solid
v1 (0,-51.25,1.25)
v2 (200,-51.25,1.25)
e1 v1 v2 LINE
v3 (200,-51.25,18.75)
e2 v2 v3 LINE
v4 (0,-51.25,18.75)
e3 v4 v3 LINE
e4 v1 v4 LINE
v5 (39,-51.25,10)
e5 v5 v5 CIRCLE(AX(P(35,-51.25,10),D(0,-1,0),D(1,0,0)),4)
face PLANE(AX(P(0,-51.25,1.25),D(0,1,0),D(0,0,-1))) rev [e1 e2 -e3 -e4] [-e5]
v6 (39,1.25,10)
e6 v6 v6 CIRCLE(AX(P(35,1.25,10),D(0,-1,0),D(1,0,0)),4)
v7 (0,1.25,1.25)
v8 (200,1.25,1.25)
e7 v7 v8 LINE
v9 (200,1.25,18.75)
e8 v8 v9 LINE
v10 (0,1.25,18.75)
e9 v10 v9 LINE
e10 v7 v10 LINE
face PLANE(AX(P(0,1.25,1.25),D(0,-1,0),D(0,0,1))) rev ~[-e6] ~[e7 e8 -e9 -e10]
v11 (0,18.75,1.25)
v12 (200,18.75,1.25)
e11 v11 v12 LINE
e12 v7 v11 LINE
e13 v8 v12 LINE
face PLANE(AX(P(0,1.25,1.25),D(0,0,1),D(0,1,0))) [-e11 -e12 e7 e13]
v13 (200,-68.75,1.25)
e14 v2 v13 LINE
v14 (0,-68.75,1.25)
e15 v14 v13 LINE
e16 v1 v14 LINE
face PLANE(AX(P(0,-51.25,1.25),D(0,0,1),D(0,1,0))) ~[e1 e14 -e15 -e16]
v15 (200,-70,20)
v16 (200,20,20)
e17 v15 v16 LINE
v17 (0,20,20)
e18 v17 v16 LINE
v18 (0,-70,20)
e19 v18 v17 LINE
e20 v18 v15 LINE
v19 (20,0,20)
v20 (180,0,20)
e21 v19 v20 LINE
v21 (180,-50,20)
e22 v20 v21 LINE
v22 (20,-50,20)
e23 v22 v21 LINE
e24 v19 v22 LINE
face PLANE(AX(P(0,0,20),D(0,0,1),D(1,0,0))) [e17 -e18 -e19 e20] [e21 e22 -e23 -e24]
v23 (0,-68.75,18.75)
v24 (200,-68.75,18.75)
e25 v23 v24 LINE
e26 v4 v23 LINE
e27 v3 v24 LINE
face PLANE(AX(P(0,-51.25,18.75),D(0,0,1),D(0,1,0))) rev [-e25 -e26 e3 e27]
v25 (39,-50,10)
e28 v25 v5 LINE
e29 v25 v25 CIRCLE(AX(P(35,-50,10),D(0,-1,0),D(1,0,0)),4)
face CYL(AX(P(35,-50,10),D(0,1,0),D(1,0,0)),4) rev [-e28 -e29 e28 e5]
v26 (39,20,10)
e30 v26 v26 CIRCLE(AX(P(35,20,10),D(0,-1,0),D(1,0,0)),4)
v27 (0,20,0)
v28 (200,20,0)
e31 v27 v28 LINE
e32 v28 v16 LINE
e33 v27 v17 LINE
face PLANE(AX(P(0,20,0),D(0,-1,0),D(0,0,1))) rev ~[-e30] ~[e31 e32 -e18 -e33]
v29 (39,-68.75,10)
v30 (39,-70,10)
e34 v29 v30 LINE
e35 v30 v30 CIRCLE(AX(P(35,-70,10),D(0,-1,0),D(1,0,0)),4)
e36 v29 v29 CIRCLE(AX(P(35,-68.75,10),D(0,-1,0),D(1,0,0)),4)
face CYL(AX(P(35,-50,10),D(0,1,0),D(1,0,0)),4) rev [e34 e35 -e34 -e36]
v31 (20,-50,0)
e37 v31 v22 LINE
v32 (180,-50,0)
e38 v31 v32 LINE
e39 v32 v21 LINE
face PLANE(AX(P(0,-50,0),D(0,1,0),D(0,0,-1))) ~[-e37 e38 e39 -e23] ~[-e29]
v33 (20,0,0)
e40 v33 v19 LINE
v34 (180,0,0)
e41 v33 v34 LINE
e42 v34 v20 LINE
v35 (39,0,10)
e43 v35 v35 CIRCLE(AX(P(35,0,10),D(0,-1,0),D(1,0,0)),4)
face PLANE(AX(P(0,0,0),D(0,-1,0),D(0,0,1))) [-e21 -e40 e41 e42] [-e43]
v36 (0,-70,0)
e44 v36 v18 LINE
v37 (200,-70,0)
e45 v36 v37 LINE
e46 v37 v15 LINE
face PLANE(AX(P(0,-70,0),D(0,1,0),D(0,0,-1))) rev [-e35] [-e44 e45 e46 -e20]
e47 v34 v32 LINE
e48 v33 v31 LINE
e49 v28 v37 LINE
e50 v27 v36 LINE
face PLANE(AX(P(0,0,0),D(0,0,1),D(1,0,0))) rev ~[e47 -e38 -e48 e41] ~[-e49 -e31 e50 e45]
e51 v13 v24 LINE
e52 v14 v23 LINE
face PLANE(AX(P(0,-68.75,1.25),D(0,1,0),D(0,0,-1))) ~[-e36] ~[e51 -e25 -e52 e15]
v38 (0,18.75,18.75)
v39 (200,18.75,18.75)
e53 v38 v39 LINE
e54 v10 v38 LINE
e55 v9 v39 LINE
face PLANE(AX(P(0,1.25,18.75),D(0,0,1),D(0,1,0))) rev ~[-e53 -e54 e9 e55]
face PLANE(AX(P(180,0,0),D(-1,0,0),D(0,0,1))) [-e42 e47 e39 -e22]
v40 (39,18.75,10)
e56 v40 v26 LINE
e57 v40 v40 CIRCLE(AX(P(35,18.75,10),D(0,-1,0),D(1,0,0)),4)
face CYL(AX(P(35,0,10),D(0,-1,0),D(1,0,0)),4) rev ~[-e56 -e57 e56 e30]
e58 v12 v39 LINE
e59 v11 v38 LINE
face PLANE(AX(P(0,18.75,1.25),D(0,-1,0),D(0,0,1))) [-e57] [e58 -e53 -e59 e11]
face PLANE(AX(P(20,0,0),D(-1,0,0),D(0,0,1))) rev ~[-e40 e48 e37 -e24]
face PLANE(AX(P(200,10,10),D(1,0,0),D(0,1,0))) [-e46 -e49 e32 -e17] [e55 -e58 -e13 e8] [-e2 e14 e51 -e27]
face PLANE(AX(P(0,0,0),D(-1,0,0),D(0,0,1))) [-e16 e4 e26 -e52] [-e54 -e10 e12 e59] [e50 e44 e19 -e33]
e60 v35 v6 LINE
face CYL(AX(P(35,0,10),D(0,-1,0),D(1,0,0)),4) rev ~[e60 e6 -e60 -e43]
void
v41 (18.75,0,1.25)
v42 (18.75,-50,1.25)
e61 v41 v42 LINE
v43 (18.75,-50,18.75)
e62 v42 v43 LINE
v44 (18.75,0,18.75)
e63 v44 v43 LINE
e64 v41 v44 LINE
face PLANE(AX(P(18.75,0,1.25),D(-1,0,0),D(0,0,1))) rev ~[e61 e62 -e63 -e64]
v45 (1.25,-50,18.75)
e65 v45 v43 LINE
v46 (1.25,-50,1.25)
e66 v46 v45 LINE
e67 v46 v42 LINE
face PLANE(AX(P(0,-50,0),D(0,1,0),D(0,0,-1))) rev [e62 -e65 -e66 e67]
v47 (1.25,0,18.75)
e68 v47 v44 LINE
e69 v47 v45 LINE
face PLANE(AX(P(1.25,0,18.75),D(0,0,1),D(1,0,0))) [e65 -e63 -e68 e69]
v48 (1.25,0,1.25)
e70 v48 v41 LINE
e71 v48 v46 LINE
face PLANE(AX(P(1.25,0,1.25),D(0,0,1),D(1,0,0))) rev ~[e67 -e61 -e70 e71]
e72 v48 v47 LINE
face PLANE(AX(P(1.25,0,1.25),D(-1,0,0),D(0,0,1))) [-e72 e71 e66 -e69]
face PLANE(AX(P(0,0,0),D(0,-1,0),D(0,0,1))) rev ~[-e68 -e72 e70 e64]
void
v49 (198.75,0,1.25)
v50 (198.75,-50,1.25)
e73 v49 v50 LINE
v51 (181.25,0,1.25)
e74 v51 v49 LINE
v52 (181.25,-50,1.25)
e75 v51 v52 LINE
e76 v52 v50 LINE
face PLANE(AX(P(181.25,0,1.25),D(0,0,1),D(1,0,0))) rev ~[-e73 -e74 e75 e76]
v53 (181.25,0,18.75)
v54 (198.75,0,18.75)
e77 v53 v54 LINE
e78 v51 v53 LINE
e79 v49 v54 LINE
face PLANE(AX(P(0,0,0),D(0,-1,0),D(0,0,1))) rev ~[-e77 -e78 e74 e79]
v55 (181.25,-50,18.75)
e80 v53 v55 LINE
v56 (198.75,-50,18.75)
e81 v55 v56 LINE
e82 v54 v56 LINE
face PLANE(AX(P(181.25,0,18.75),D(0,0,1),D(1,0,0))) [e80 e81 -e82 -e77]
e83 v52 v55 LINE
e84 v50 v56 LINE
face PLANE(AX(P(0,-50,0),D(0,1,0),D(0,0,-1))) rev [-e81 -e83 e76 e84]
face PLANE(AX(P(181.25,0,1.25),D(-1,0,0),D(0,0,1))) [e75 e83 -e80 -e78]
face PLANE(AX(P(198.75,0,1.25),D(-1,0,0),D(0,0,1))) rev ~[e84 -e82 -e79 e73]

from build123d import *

# Parameters (mm, degrees)
F0_W     = 20
F0_H     = 20
F0_W_2   = 17.5
F0_H_2   = 17.5
F1_DEPTH = 200
F2_W     = 20
F2_H     = 20
F2_W_2   = 17.5
F2_H_2   = 17.5
F3_DEPTH = 50
F4_R     = 4
F5_DEPTH = 20.001


with BuildPart() as f1:
    # F0 (on Right) → F1 (new body)
    with BuildSketch(Plane.YZ):
        with Locations((10, 10)):
            Rectangle(F0_W, F0_H)
        with Locations((10, 10)):
            Rectangle(F0_W_2, F0_H_2, mode=Mode.SUBTRACT)
    extrude(amount=F1_DEPTH)

    # F2 (on face) → F3 (join)
    with BuildSketch(Plane.XZ):
        with Locations((10, 10)):
            Rectangle(F2_W, F2_H)
        with Locations((10, 10)):
            Rectangle(F2_W_2, F2_H_2, mode=Mode.SUBTRACT)
        with Locations((190, 10)):
            Rectangle(F2_W, F2_H)
        with Locations((190, 10)):
            Rectangle(F2_W_2, F2_H_2, mode=Mode.SUBTRACT)
    extrude(amount=F3_DEPTH)

    # F4 (on face) → F5 (cut, through all)
    with BuildSketch(Plane.XZ):
        with Locations((35, 10)):
            Circle(F4_R)
    extrude(amount=-F5_DEPTH, mode=Mode.SUBTRACT)

    # F8: F1 across plane


with BuildPart() as f1_1:
    add(f1.part)
    add(f1.part.mirror(Plane.XZ.offset(25)))


solid = f1_1.part
